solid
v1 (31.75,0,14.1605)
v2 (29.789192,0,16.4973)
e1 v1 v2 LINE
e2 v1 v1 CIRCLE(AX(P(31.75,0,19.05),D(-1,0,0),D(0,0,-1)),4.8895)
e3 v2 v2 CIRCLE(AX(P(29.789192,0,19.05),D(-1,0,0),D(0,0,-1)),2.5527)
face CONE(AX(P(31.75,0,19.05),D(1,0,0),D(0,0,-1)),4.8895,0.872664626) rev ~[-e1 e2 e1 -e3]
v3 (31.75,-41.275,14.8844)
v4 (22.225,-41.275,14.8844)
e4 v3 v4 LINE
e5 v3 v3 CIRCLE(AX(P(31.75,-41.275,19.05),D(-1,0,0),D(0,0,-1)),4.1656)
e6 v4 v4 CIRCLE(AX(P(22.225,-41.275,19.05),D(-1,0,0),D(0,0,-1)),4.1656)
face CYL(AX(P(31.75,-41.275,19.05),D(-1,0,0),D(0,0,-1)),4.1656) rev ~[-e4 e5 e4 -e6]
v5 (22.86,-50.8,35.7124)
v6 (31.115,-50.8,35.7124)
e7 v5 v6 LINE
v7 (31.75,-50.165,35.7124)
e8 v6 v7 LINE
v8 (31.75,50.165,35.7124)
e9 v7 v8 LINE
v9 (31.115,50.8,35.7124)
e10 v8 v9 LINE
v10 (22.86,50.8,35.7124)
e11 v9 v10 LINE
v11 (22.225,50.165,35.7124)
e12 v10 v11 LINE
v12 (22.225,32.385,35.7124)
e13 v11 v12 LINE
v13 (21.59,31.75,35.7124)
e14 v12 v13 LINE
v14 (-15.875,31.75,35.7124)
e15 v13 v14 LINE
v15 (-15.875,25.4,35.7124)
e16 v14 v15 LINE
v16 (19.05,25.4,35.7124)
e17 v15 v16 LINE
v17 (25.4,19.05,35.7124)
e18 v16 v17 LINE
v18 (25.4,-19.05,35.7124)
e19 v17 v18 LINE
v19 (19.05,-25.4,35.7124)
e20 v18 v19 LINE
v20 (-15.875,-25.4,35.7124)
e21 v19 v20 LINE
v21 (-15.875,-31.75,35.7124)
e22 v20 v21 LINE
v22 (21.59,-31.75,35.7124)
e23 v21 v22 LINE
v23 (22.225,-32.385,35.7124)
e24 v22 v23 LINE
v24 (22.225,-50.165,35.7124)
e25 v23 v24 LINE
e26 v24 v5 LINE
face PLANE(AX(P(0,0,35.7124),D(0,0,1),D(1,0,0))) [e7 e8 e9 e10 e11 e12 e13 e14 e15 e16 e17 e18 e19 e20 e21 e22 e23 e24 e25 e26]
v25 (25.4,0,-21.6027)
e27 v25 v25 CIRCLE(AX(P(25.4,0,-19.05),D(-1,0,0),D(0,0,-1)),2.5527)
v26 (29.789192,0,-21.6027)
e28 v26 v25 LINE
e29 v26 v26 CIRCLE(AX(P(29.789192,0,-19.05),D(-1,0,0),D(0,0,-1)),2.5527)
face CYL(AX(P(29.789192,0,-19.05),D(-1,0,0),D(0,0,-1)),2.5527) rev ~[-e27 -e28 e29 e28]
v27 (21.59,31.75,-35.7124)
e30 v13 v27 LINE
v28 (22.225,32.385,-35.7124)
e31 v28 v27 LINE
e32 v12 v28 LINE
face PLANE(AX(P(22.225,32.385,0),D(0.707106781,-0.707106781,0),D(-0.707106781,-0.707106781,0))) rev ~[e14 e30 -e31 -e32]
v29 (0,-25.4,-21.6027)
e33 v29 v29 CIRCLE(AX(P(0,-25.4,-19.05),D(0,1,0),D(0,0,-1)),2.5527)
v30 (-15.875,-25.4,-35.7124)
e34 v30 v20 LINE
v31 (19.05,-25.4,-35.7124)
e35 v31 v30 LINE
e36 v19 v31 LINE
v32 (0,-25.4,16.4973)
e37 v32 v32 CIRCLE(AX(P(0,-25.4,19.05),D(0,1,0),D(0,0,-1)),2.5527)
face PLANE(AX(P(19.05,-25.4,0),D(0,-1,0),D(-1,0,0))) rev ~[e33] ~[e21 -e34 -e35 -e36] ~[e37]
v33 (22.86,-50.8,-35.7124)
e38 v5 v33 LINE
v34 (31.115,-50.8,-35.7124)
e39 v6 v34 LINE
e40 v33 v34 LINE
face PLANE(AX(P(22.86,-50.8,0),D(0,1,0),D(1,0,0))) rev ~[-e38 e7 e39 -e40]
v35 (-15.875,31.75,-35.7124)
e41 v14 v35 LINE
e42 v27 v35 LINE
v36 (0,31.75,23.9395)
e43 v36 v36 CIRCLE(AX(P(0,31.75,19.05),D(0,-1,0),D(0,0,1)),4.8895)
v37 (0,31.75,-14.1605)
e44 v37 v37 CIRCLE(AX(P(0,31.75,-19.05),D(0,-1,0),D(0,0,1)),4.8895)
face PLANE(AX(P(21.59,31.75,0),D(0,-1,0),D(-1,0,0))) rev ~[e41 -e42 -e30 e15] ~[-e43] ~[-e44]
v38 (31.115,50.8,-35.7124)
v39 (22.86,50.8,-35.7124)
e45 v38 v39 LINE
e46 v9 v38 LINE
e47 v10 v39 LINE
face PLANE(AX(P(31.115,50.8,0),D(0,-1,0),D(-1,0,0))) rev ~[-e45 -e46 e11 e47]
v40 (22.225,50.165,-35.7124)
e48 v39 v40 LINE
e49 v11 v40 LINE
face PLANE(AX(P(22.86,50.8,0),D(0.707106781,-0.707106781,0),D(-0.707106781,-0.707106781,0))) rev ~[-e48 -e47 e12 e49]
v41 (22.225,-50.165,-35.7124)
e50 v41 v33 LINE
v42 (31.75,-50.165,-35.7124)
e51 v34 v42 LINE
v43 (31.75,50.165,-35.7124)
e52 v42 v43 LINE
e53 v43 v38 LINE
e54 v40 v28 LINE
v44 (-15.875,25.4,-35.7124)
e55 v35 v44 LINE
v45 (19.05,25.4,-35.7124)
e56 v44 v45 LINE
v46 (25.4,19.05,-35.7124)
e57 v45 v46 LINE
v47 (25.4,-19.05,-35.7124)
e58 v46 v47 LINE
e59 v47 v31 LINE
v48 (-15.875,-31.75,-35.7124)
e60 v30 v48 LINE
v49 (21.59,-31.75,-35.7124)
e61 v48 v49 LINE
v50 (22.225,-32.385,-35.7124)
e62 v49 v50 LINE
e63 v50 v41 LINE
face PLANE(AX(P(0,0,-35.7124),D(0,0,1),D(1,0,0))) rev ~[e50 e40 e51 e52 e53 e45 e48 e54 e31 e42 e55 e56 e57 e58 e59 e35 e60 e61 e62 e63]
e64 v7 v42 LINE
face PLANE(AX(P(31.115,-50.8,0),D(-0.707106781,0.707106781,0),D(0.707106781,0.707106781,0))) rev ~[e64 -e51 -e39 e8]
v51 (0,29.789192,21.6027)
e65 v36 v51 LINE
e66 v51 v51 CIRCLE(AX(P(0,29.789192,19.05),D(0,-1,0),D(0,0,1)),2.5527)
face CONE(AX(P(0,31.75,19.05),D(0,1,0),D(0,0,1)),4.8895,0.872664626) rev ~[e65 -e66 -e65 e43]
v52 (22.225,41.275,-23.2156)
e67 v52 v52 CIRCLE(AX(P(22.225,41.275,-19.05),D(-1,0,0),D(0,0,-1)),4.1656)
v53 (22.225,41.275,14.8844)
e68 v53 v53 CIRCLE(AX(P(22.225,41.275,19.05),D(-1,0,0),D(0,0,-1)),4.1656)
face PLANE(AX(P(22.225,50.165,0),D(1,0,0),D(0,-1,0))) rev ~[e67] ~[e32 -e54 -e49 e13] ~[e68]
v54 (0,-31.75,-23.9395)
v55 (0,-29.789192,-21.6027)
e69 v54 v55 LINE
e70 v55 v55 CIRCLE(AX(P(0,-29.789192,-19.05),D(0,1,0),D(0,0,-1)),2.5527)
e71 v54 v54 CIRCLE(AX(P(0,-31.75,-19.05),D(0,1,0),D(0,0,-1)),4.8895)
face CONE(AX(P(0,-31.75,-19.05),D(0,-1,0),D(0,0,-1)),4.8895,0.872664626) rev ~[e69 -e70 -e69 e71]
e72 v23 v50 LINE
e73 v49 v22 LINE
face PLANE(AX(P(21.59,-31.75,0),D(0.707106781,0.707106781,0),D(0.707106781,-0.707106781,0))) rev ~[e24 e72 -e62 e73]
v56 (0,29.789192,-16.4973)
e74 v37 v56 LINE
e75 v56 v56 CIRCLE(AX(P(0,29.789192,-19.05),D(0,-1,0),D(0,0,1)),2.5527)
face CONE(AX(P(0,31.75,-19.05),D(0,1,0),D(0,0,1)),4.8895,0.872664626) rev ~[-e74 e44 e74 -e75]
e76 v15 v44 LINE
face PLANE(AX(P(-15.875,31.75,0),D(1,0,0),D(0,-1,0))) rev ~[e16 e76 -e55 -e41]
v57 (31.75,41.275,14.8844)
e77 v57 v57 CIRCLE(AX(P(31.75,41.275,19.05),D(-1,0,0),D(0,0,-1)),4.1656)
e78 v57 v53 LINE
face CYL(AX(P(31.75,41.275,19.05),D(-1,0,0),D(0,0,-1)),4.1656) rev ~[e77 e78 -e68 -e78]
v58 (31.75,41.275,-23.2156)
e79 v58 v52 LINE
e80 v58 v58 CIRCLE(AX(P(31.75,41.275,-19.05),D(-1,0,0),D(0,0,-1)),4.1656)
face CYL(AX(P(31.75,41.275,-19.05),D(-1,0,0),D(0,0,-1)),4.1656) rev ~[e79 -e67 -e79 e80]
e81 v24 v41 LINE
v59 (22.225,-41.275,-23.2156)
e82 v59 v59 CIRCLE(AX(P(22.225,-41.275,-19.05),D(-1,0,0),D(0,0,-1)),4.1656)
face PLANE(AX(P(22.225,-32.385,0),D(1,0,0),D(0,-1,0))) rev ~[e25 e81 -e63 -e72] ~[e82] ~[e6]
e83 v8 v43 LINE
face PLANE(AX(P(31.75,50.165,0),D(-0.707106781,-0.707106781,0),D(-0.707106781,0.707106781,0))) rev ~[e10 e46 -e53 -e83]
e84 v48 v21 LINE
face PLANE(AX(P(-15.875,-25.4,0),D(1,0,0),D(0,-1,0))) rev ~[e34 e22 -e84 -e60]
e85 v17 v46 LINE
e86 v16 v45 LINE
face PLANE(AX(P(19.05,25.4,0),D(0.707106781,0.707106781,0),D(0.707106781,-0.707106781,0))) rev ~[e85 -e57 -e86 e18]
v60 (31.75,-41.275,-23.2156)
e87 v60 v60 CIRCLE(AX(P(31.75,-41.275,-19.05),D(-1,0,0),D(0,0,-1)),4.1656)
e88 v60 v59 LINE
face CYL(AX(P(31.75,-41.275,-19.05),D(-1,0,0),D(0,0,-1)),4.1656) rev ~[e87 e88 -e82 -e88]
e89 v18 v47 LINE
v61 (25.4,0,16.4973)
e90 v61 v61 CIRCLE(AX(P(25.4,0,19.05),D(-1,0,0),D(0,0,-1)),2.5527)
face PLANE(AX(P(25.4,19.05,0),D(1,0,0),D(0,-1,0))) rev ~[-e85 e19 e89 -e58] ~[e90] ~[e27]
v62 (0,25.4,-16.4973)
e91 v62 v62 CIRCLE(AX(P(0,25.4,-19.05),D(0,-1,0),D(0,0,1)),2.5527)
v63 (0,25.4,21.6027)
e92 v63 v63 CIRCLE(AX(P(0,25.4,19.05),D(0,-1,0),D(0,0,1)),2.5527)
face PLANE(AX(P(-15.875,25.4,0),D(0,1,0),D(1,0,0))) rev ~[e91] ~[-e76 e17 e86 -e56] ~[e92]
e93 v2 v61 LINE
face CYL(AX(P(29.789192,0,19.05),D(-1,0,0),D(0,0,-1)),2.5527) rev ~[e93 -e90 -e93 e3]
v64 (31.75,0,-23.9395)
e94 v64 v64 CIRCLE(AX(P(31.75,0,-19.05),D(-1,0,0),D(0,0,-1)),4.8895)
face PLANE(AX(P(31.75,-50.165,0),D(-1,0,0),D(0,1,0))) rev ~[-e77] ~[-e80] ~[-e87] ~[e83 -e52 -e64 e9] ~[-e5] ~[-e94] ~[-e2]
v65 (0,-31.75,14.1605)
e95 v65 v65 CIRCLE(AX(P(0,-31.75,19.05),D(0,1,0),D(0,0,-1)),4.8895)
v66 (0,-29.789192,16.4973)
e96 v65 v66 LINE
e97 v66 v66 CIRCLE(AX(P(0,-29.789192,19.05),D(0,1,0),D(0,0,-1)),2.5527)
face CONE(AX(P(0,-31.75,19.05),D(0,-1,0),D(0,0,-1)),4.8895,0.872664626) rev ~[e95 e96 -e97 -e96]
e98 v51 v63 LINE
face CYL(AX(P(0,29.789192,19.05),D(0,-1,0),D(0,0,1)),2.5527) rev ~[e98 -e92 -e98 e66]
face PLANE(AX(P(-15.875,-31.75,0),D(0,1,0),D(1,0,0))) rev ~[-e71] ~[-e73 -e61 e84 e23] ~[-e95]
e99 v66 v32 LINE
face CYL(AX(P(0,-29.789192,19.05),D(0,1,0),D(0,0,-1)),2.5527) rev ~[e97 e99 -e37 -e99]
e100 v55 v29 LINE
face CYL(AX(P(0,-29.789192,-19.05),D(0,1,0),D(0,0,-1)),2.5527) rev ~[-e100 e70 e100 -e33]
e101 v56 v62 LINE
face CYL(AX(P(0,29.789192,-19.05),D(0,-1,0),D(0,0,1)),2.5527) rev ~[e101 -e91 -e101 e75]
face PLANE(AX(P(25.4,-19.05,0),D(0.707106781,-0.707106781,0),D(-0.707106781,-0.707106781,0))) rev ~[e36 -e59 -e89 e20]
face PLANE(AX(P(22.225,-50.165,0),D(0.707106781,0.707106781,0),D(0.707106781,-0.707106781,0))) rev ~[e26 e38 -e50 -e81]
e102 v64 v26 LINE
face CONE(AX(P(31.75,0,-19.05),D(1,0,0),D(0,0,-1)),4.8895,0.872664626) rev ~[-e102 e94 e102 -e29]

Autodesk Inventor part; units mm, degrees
sketch "Sketch_1" plane through (0, 0, 0) normal (0, 0, 1) x (1, 0, 0)
  line L0 (-15.875, -25.4) -> (-15.875, -31.75)
  line L1 (-15.875, -31.75) -> (21.59, -31.75)
  line L2 (21.59, -31.75) -> (22.225, -32.385)
  line L3 (22.225, -32.385) -> (22.225, -50.165)
  line L4 (22.225, -50.165) -> (22.86, -50.8)
  line L5 (22.86, -50.8) -> (31.115, -50.8)
  line L6 (31.115, -50.8) -> (31.75, -50.165)
  line L7 (31.75, -50.165) -> (31.75, 50.165)
  line L8 (31.75, 50.165) -> (31.115, 50.8)
  line L9 (31.115, 50.8) -> (22.86, 50.8)
  line L10 (22.86, 50.8) -> (22.225, 50.165)
  line L11 (22.225, 50.165) -> (22.225, 32.385)
  line L12 (22.225, 32.385) -> (21.59, 31.75)
  line L13 (21.59, 31.75) -> (-15.875, 31.75)
  line L14 (-15.875, 31.75) -> (-15.875, 25.4)
  line L15 (-15.875, 25.4) -> (19.05, 25.4)
  line L16 (19.05, 25.4) -> (25.4, 19.05)
  line L17 (25.4, 19.05) -> (25.4, -19.05)
  line L18 (25.4, -19.05) -> (19.05, -25.4)
  line L19 (19.05, -25.4) -> (-15.875, -25.4)
extrude "Extrusion1" add sketch "Sketch_1" along normal mid plane 71.4248
sketch "Sketch2" plane through (31.75, -50.165, 35.7124) normal (1, 0, 0) x (0, 0, -1)
  point P0 (16.6624, 91.44)
hole "Hole1" at (31.75, 41.275, 19.05) direction (-1, 0, 0) diameter 8.3312 depth 9.525
pattern_linear "Rectangular Pattern1" count 2 spacing 38.1 along (0, 0, -1) count 2 spacing 82.55 along (0, -1, 0) of "Hole1"
sketch "Sketch3" plane through (31.75, -50.165, 35.7124) normal (1, 0, 0) x (0, 0, -1)
  point P0 (16.6624, 50.165)
hole "Hole2" at (31.75, 0, 19.05) direction (-1, 0, 0) diameter 5.1054 depth 6.35 countersink diameter 9.779 countersink angle 100
pattern_linear "Rectangular Pattern2" count 2 spacing 38.1 along (0, 0, -1) of "Hole2"
sketch "Sketch4" plane through (-15.875, 31.75, 35.7124) normal (0, 1, 0) x (1, 0, 0)
  point P0 (15.875, 16.6624)
hole "Hole3" at (0, 31.75, 19.05) direction (0, -1, 0) diameter 5.1054 depth 6.35 countersink diameter 9.779 countersink angle 100
pattern_linear "Rectangular Pattern3" count 2 spacing 38.1 along (0, 0, -1) of "Hole3"
sketch "Sketch5" plane through (-15.875, -31.75, 35.7124) normal (0, -1, 0) x (1, 0, 0)
  point P0 (15.875, -16.6624)
hole "Hole4" at (0, -31.75, 19.05) direction (0, 1, 0) diameter 5.1054 depth 6.35 countersink diameter 9.779 countersink angle 100
pattern_linear "Rectangular Pattern4" count 2 spacing 38.1 along (0, 0, -1) of "Hole4"
ref_plane "s1_XY" through (25.4, 0, 19.05) normal (1, 0, 0) x (0, 0, -1)
ref_plane "s1_YZ" through (25.4, 0, 19.05) normal (0, 0, -1) x (0, 1, 0)
ref_plane "s1_ZX" through (25.4, 0, 19.05) normal (0, 1, 0) x (1, 0, 0)
ref_plane "s1_2_XY" through (25.4, 0, -19.05) normal (1, 0, 0) x (0, 0, -1)
ref_plane "s1_2_YZ" through (25.4, 0, -19.05) normal (0, 0, -1) x (0, 1, 0)
ref_plane "s1_2_ZX" through (25.4, 0, -19.05) normal (0, 1, 0) x (1, 0, 0)
ref_plane "s2_XY" through (0, 25.4, 19.05) normal (0, 1, 0) x (1, 0, 0)
ref_plane "s2_YZ" through (0, 25.4, 19.05) normal (1, 0, 0) x (0, 0, -1)
ref_plane "s2_ZX" through (0, 25.4, 19.05) normal (0, 0, -1) x (0, 1, 0)
ref_plane "s2_2_XY" through (0, 25.4, -19.05) normal (0, 1, 0) x (1, 0, 0)
ref_plane "s2_2_YZ" through (0, 25.4, -19.05) normal (1, 0, 0) x (0, 0, -1)
ref_plane "s2_2_ZX" through (0, 25.4, -19.05) normal (0, 0, -1) x (0, 1, 0)
ref_plane "s3_XY" through (0, -25.4, 19.05) normal (0, 1, 0) x (1, 0, 0)
ref_plane "s3_YZ" through (0, -25.4, 19.05) normal (1, 0, 0) x (0, 0, -1)
ref_plane "s3_ZX" through (0, -25.4, 19.05) normal (0, 0, -1) x (0, 1, 0)
ref_plane "s3_2_XY" through (0, -25.4, -19.05) normal (0, 1, 0) x (1, 0, 0)
ref_plane "s3_2_YZ" through (0, -25.4, -19.05) normal (1, 0, 0) x (0, 0, -1)
ref_plane "s3_2_ZX" through (0, -25.4, -19.05) normal (0, 0, -1) x (0, 1, 0)
ref_plane "t1_1_XY" through (29.7892, 0, 19.05) normal (1, 0, 0) x (0, 0, -1)
ref_plane "t1_1_YZ" through (29.7892, 0, 19.05) normal (0, 0, -1) x (0, 1, 0)
ref_plane "t1_1_ZX" through (29.7892, 0, 19.05) normal (0, 1, 0) x (1, 0, 0)
ref_plane "t1_2_XY" through (29.7892, 0, -19.05) normal (1, 0, 0) x (0, 0, -1)
ref_plane "t1_2_YZ" through (29.7892, 0, -19.05) normal (0, 0, -1) x (0, 1, 0)
ref_plane "t1_2_ZX" through (29.7892, 0, -19.05) normal (0, 1, 0) x (1, 0, 0)
ref_plane "t2_1_XY" through (0, 29.7892, 19.05) normal (0, 1, 0) x (1, 0, 0)
ref_plane "t2_1_YZ" through (0, 29.7892, 19.05) normal (1, 0, 0) x (0, 0, -1)
ref_plane "t2_1_ZX" through (0, 29.7892, 19.05) normal (0, 0, -1) x (0, 1, 0)
ref_plane "t2_2_XY" through (0, 29.7892, -19.05) normal (0, 1, 0) x (1, 0, 0)
ref_plane "t2_2_YZ" through (0, 29.7892, -19.05) normal (1, 0, 0) x (0, 0, -1)
ref_plane "t2_2_ZX" through (0, 29.7892, -19.05) normal (0, 0, -1) x (0, 1, 0)
ref_plane "t3_1_XY" through (0, -29.7892, 19.05) normal (0, 1, 0) x (1, 0, 0)
ref_plane "t3_1_YZ" through (0, -29.7892, 19.05) normal (1, 0, 0) x (0, 0, -1)
ref_plane "t3_1_ZX" through (0, -29.7892, 19.05) normal (0, 0, -1) x (0, 1, 0)
ref_plane "t3_2_XY" through (0, -29.7892, -19.05) normal (0, 1, 0) x (1, 0, 0)
ref_plane "t3_2_YZ" through (0, -29.7892, -19.05) normal (1, 0, 0) x (0, 0, -1)
ref_plane "t3_2_ZX" through (0, -29.7892, -19.05) normal (0, 0, -1) x (0, 1, 0)
properties part number "6825_p"
